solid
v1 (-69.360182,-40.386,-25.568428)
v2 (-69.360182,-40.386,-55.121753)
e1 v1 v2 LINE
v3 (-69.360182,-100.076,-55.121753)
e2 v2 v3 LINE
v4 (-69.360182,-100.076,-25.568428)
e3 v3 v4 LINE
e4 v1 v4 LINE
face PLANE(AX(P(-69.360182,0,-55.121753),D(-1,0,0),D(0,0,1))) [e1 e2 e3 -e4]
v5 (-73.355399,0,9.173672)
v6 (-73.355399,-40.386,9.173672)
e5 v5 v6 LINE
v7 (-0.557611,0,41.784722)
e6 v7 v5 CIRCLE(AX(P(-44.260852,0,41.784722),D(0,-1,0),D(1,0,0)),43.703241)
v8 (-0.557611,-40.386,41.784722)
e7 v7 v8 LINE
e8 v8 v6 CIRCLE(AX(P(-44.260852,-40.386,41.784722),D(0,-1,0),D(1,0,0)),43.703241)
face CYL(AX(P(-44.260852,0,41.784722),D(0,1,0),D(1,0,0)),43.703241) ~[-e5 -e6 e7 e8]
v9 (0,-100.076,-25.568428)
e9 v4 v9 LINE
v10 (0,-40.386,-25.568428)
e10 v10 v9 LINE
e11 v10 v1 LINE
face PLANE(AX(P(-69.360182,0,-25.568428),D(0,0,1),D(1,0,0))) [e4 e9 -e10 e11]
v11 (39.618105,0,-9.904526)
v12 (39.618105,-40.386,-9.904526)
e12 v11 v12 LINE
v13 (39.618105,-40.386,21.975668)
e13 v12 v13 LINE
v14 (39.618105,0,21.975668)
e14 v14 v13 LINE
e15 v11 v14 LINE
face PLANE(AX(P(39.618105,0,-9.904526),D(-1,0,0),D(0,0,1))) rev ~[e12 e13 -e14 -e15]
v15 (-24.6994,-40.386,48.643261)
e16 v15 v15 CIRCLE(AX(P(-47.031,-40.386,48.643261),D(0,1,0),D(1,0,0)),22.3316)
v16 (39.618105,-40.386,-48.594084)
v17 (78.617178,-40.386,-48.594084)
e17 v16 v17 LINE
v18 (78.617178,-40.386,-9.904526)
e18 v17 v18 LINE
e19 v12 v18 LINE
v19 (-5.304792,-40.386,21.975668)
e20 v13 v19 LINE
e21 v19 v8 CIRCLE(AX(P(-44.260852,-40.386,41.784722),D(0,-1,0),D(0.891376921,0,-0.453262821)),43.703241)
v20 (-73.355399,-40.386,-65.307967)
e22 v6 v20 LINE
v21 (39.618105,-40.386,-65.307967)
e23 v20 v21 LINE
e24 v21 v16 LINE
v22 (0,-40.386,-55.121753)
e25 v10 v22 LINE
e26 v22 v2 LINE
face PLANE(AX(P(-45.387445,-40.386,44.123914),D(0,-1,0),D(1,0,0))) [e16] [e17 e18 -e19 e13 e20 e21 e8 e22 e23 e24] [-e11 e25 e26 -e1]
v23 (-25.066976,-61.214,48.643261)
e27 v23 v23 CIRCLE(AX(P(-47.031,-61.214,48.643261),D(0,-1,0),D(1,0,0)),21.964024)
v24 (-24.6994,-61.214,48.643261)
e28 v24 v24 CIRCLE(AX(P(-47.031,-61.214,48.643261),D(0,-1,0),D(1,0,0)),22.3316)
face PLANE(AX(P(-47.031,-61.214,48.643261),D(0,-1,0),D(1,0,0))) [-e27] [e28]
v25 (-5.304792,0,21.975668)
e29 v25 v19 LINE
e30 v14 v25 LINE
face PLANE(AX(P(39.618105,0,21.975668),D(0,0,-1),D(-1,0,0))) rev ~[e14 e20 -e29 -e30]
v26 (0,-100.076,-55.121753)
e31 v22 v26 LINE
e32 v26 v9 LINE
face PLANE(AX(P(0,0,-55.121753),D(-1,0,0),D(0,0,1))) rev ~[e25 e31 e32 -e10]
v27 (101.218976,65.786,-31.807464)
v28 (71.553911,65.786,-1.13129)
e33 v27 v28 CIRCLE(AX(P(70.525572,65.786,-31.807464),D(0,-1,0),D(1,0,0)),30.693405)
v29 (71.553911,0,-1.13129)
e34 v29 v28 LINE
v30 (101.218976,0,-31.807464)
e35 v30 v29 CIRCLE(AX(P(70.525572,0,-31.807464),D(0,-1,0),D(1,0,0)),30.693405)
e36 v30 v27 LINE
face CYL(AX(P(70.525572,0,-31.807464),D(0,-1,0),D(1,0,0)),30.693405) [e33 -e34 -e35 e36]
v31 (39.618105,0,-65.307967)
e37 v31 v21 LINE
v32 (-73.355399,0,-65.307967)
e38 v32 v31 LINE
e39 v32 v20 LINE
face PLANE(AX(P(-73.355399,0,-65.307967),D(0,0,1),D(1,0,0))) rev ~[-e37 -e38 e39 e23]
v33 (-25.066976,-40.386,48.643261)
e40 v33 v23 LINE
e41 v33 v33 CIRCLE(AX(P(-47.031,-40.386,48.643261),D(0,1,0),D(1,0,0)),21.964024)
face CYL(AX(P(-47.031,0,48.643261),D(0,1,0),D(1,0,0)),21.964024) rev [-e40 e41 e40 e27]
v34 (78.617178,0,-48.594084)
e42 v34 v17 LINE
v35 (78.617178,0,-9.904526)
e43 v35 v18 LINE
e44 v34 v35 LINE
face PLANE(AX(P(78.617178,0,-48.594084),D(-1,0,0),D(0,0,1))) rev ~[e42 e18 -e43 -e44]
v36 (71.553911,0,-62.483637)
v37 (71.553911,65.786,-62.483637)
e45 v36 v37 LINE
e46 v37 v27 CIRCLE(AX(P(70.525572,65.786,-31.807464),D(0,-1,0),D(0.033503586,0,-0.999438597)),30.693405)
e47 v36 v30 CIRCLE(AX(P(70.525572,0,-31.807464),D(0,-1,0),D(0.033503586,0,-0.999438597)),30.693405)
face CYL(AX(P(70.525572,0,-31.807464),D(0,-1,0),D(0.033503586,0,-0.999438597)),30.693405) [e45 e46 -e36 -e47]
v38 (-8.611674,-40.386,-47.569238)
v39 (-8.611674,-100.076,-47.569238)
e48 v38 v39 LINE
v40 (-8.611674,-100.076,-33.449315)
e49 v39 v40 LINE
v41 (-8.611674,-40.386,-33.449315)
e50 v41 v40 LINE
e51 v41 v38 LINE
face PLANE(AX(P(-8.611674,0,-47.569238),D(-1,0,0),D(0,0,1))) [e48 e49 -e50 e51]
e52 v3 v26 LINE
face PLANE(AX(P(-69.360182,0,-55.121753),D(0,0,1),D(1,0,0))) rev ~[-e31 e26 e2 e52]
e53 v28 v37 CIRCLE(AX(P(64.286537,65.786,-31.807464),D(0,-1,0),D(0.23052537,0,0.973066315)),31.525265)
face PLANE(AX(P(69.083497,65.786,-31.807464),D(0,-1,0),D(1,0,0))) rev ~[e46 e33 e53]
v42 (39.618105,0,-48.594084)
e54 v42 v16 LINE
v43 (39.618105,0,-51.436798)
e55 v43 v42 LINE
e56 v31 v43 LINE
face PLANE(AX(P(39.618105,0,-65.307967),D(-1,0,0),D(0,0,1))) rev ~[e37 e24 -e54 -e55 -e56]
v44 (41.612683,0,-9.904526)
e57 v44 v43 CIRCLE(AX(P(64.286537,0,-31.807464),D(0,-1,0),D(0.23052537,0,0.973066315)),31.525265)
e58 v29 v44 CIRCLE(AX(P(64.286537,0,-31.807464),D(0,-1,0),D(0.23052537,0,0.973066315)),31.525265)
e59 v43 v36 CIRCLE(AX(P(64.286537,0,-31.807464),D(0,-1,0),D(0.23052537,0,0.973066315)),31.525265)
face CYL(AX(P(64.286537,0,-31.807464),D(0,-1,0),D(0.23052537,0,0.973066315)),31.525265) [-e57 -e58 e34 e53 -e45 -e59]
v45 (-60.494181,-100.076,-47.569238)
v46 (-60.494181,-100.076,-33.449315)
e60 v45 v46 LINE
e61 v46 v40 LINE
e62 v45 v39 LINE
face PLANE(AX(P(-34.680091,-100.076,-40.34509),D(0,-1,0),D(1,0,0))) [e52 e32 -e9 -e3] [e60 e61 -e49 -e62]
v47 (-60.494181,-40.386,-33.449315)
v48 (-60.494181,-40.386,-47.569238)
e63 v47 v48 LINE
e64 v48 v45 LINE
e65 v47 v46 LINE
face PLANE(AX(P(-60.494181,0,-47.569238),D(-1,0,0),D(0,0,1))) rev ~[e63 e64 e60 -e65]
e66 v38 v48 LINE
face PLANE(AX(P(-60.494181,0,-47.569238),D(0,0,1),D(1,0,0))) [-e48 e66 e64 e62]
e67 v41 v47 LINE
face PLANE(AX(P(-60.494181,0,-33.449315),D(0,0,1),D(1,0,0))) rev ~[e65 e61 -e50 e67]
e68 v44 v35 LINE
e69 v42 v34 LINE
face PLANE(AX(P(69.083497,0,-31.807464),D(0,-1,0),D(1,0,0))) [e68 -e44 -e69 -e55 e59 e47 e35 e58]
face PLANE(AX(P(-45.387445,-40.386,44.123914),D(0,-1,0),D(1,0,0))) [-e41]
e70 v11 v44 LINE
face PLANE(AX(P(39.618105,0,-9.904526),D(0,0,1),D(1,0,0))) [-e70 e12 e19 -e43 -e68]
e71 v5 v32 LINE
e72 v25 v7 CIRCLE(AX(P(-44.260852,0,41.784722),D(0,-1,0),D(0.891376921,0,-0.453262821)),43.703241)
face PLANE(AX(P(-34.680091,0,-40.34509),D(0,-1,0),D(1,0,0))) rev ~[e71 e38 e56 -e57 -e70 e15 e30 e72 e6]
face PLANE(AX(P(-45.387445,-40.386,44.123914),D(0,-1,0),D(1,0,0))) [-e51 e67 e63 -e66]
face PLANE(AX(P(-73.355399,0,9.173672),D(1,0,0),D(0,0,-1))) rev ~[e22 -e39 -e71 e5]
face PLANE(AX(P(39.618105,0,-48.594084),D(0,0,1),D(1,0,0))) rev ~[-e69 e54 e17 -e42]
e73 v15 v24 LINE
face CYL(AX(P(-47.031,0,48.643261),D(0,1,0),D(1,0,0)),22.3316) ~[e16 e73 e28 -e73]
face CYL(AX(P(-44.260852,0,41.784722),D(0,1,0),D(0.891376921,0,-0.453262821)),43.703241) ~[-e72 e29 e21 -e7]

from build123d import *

# Parameters (mm, degrees)
F0_W     = 107.0926934481
F0_H     = 38.6895574629
F0_W_2   = 38.9990732074
F1_DEPTH = 40.386
F2_R     = 22.3315998305
F2_R_2   = 21.9640238971
F3_DEPTH = 61.214
F4_W     = 69.3601816893
F4_H     = 29.5533258468
F4_W_2   = 51.8825063482
F4_H_2   = 14.1199231148
F5_DEPTH = 100.076
F7_DEPTH = 65.786


with BuildPart() as f1:
    # F0 (on Front) → F1 (new body)
    with BuildSketch(Plane.XZ):
        with BuildLine():
            ThreePointArc((-5.3047918225, 21.9756681472), (-1.760973589, 31.599753627), (-0.5576112402, 41.784722358))
            ThreePointArc((-0.5576112402, 41.784722358), (-62.1276824989, 81.6689250655), (-73.3553990722, 9.1736722487))
            Line((-73.3553990722, 9.1736722487), (-73.3553990722, 21.9756681472))
            Line((-73.3553990722, 21.9756681472), (-5.3047918225, 21.9756681472))
        make_face()
        with BuildLine():
            Line((-73.3553990722, 21.9756681472), (-73.3553990722, 9.1736722487))
            ThreePointArc((-73.3553990722, 9.1736722487), (-36.1809302997, -1.1651102493), (-5.3047918225, 21.9756681472))
            Line((-5.3047918225, 21.9756681472), (-73.3553990722, 21.9756681472))
        make_face()
        with BuildLine():
            ThreePointArc((-5.3047918225, 21.9756681472), (-36.1809302997, -1.1651102493), (-73.3553990722, 9.1736722487))
            Line((-73.3553990722, 9.1736722487), (-73.3553990722, -65.3079673648))
            Line((-73.3553990722, -65.3079673648), (39.6181046963, -65.3079673648))
            Line((39.6181046963, -65.3079673648), (39.6181046963, -48.594083637))
            Line((39.6181046963, -48.594083637), (-67.4745887518, -48.594083637))
            Line((-67.4745887518, -48.594083637), (-67.4745887518, -9.9045261741))
            Line((-67.4745887518, -9.9045261741), (39.6181046963, -9.9045261741))
            Line((39.6181046963, -9.9045261741), (39.6181046963, 21.9756681472))
            Line((39.6181046963, 21.9756681472), (-5.3047918225, 21.9756681472))
        make_face()
        with Locations((-13.9282420278, -29.2493049055)):
            Rectangle(F0_W, F0_H)
        with Locations((59.1176413, -29.2493049055)):
            Rectangle(F0_W_2, F0_H)
    extrude(amount=F1_DEPTH)

    # F2 (on Front) → F3 (join)
    with BuildSketch(Plane.XZ):
        with Locations((-47.0310002565, 48.6432611942)):
            Circle(F2_R)
        with Locations((-47.0310002565, 48.6432611942)):
            Circle(F2_R_2, mode=Mode.SUBTRACT)
    extrude(amount=F3_DEPTH)

    # F4 (on Front) → F5 (join)
    with BuildSketch(Plane.XZ):
        with Locations((-34.6800908446, -40.3450904414)):
            Rectangle(F4_W, F4_H)
        with Locations((-34.5529275946, -40.5092760921)):
            Rectangle(F4_W_2, F4_H_2, mode=Mode.SUBTRACT)
    extrude(amount=F5_DEPTH)

    # F6 (on Front) → F7 (join)
    with BuildSketch(Plane.XZ):
        with BuildLine():
            ThreePointArc((71.5539108322, -62.4836369352), (89.0145397665, -51.3617017106), (95.8118023382, -31.8074636161))
            ThreePointArc((95.8118023382, -31.8074636161), (89.0145397665, -12.2532255217), (71.5539108322, -1.1312902971))
            ThreePointArc((71.5539108322, -1.1312902971), (39.8321670237, -31.8074636161), (71.5539108322, -62.4836369352))
        make_face()
        with BuildLine():
            ThreePointArc((71.5539108322, -1.1312902971), (89.0145397665, -12.2532255217), (95.8118023382, -31.8074636161))
            ThreePointArc((95.8118023382, -31.8074636161), (89.0145397665, -51.3617017106), (71.5539108322, -62.4836369352))
            ThreePointArc((71.5539108322, -62.4836369352), (92.5896637981, -53.1443080624), (101.2189763841, -31.8074636161))
            ThreePointArc((101.2189763841, -31.8074636161), (92.5896637981, -10.4706191698), (71.5539108322, -1.1312902971))
        make_face()
        with BuildLine():
            ThreePointArc((71.5539108322, -62.4836369352), (39.8321670237, -31.8074636161), (71.5539108322, -1.1312902971))
            ThreePointArc((71.5539108322, -1.1312902971), (32.7612725987, -31.8074636161), (71.5539108322, -62.4836369352))
        make_face()
    extrude(amount=-F7_DEPTH)


solid = f1.part
